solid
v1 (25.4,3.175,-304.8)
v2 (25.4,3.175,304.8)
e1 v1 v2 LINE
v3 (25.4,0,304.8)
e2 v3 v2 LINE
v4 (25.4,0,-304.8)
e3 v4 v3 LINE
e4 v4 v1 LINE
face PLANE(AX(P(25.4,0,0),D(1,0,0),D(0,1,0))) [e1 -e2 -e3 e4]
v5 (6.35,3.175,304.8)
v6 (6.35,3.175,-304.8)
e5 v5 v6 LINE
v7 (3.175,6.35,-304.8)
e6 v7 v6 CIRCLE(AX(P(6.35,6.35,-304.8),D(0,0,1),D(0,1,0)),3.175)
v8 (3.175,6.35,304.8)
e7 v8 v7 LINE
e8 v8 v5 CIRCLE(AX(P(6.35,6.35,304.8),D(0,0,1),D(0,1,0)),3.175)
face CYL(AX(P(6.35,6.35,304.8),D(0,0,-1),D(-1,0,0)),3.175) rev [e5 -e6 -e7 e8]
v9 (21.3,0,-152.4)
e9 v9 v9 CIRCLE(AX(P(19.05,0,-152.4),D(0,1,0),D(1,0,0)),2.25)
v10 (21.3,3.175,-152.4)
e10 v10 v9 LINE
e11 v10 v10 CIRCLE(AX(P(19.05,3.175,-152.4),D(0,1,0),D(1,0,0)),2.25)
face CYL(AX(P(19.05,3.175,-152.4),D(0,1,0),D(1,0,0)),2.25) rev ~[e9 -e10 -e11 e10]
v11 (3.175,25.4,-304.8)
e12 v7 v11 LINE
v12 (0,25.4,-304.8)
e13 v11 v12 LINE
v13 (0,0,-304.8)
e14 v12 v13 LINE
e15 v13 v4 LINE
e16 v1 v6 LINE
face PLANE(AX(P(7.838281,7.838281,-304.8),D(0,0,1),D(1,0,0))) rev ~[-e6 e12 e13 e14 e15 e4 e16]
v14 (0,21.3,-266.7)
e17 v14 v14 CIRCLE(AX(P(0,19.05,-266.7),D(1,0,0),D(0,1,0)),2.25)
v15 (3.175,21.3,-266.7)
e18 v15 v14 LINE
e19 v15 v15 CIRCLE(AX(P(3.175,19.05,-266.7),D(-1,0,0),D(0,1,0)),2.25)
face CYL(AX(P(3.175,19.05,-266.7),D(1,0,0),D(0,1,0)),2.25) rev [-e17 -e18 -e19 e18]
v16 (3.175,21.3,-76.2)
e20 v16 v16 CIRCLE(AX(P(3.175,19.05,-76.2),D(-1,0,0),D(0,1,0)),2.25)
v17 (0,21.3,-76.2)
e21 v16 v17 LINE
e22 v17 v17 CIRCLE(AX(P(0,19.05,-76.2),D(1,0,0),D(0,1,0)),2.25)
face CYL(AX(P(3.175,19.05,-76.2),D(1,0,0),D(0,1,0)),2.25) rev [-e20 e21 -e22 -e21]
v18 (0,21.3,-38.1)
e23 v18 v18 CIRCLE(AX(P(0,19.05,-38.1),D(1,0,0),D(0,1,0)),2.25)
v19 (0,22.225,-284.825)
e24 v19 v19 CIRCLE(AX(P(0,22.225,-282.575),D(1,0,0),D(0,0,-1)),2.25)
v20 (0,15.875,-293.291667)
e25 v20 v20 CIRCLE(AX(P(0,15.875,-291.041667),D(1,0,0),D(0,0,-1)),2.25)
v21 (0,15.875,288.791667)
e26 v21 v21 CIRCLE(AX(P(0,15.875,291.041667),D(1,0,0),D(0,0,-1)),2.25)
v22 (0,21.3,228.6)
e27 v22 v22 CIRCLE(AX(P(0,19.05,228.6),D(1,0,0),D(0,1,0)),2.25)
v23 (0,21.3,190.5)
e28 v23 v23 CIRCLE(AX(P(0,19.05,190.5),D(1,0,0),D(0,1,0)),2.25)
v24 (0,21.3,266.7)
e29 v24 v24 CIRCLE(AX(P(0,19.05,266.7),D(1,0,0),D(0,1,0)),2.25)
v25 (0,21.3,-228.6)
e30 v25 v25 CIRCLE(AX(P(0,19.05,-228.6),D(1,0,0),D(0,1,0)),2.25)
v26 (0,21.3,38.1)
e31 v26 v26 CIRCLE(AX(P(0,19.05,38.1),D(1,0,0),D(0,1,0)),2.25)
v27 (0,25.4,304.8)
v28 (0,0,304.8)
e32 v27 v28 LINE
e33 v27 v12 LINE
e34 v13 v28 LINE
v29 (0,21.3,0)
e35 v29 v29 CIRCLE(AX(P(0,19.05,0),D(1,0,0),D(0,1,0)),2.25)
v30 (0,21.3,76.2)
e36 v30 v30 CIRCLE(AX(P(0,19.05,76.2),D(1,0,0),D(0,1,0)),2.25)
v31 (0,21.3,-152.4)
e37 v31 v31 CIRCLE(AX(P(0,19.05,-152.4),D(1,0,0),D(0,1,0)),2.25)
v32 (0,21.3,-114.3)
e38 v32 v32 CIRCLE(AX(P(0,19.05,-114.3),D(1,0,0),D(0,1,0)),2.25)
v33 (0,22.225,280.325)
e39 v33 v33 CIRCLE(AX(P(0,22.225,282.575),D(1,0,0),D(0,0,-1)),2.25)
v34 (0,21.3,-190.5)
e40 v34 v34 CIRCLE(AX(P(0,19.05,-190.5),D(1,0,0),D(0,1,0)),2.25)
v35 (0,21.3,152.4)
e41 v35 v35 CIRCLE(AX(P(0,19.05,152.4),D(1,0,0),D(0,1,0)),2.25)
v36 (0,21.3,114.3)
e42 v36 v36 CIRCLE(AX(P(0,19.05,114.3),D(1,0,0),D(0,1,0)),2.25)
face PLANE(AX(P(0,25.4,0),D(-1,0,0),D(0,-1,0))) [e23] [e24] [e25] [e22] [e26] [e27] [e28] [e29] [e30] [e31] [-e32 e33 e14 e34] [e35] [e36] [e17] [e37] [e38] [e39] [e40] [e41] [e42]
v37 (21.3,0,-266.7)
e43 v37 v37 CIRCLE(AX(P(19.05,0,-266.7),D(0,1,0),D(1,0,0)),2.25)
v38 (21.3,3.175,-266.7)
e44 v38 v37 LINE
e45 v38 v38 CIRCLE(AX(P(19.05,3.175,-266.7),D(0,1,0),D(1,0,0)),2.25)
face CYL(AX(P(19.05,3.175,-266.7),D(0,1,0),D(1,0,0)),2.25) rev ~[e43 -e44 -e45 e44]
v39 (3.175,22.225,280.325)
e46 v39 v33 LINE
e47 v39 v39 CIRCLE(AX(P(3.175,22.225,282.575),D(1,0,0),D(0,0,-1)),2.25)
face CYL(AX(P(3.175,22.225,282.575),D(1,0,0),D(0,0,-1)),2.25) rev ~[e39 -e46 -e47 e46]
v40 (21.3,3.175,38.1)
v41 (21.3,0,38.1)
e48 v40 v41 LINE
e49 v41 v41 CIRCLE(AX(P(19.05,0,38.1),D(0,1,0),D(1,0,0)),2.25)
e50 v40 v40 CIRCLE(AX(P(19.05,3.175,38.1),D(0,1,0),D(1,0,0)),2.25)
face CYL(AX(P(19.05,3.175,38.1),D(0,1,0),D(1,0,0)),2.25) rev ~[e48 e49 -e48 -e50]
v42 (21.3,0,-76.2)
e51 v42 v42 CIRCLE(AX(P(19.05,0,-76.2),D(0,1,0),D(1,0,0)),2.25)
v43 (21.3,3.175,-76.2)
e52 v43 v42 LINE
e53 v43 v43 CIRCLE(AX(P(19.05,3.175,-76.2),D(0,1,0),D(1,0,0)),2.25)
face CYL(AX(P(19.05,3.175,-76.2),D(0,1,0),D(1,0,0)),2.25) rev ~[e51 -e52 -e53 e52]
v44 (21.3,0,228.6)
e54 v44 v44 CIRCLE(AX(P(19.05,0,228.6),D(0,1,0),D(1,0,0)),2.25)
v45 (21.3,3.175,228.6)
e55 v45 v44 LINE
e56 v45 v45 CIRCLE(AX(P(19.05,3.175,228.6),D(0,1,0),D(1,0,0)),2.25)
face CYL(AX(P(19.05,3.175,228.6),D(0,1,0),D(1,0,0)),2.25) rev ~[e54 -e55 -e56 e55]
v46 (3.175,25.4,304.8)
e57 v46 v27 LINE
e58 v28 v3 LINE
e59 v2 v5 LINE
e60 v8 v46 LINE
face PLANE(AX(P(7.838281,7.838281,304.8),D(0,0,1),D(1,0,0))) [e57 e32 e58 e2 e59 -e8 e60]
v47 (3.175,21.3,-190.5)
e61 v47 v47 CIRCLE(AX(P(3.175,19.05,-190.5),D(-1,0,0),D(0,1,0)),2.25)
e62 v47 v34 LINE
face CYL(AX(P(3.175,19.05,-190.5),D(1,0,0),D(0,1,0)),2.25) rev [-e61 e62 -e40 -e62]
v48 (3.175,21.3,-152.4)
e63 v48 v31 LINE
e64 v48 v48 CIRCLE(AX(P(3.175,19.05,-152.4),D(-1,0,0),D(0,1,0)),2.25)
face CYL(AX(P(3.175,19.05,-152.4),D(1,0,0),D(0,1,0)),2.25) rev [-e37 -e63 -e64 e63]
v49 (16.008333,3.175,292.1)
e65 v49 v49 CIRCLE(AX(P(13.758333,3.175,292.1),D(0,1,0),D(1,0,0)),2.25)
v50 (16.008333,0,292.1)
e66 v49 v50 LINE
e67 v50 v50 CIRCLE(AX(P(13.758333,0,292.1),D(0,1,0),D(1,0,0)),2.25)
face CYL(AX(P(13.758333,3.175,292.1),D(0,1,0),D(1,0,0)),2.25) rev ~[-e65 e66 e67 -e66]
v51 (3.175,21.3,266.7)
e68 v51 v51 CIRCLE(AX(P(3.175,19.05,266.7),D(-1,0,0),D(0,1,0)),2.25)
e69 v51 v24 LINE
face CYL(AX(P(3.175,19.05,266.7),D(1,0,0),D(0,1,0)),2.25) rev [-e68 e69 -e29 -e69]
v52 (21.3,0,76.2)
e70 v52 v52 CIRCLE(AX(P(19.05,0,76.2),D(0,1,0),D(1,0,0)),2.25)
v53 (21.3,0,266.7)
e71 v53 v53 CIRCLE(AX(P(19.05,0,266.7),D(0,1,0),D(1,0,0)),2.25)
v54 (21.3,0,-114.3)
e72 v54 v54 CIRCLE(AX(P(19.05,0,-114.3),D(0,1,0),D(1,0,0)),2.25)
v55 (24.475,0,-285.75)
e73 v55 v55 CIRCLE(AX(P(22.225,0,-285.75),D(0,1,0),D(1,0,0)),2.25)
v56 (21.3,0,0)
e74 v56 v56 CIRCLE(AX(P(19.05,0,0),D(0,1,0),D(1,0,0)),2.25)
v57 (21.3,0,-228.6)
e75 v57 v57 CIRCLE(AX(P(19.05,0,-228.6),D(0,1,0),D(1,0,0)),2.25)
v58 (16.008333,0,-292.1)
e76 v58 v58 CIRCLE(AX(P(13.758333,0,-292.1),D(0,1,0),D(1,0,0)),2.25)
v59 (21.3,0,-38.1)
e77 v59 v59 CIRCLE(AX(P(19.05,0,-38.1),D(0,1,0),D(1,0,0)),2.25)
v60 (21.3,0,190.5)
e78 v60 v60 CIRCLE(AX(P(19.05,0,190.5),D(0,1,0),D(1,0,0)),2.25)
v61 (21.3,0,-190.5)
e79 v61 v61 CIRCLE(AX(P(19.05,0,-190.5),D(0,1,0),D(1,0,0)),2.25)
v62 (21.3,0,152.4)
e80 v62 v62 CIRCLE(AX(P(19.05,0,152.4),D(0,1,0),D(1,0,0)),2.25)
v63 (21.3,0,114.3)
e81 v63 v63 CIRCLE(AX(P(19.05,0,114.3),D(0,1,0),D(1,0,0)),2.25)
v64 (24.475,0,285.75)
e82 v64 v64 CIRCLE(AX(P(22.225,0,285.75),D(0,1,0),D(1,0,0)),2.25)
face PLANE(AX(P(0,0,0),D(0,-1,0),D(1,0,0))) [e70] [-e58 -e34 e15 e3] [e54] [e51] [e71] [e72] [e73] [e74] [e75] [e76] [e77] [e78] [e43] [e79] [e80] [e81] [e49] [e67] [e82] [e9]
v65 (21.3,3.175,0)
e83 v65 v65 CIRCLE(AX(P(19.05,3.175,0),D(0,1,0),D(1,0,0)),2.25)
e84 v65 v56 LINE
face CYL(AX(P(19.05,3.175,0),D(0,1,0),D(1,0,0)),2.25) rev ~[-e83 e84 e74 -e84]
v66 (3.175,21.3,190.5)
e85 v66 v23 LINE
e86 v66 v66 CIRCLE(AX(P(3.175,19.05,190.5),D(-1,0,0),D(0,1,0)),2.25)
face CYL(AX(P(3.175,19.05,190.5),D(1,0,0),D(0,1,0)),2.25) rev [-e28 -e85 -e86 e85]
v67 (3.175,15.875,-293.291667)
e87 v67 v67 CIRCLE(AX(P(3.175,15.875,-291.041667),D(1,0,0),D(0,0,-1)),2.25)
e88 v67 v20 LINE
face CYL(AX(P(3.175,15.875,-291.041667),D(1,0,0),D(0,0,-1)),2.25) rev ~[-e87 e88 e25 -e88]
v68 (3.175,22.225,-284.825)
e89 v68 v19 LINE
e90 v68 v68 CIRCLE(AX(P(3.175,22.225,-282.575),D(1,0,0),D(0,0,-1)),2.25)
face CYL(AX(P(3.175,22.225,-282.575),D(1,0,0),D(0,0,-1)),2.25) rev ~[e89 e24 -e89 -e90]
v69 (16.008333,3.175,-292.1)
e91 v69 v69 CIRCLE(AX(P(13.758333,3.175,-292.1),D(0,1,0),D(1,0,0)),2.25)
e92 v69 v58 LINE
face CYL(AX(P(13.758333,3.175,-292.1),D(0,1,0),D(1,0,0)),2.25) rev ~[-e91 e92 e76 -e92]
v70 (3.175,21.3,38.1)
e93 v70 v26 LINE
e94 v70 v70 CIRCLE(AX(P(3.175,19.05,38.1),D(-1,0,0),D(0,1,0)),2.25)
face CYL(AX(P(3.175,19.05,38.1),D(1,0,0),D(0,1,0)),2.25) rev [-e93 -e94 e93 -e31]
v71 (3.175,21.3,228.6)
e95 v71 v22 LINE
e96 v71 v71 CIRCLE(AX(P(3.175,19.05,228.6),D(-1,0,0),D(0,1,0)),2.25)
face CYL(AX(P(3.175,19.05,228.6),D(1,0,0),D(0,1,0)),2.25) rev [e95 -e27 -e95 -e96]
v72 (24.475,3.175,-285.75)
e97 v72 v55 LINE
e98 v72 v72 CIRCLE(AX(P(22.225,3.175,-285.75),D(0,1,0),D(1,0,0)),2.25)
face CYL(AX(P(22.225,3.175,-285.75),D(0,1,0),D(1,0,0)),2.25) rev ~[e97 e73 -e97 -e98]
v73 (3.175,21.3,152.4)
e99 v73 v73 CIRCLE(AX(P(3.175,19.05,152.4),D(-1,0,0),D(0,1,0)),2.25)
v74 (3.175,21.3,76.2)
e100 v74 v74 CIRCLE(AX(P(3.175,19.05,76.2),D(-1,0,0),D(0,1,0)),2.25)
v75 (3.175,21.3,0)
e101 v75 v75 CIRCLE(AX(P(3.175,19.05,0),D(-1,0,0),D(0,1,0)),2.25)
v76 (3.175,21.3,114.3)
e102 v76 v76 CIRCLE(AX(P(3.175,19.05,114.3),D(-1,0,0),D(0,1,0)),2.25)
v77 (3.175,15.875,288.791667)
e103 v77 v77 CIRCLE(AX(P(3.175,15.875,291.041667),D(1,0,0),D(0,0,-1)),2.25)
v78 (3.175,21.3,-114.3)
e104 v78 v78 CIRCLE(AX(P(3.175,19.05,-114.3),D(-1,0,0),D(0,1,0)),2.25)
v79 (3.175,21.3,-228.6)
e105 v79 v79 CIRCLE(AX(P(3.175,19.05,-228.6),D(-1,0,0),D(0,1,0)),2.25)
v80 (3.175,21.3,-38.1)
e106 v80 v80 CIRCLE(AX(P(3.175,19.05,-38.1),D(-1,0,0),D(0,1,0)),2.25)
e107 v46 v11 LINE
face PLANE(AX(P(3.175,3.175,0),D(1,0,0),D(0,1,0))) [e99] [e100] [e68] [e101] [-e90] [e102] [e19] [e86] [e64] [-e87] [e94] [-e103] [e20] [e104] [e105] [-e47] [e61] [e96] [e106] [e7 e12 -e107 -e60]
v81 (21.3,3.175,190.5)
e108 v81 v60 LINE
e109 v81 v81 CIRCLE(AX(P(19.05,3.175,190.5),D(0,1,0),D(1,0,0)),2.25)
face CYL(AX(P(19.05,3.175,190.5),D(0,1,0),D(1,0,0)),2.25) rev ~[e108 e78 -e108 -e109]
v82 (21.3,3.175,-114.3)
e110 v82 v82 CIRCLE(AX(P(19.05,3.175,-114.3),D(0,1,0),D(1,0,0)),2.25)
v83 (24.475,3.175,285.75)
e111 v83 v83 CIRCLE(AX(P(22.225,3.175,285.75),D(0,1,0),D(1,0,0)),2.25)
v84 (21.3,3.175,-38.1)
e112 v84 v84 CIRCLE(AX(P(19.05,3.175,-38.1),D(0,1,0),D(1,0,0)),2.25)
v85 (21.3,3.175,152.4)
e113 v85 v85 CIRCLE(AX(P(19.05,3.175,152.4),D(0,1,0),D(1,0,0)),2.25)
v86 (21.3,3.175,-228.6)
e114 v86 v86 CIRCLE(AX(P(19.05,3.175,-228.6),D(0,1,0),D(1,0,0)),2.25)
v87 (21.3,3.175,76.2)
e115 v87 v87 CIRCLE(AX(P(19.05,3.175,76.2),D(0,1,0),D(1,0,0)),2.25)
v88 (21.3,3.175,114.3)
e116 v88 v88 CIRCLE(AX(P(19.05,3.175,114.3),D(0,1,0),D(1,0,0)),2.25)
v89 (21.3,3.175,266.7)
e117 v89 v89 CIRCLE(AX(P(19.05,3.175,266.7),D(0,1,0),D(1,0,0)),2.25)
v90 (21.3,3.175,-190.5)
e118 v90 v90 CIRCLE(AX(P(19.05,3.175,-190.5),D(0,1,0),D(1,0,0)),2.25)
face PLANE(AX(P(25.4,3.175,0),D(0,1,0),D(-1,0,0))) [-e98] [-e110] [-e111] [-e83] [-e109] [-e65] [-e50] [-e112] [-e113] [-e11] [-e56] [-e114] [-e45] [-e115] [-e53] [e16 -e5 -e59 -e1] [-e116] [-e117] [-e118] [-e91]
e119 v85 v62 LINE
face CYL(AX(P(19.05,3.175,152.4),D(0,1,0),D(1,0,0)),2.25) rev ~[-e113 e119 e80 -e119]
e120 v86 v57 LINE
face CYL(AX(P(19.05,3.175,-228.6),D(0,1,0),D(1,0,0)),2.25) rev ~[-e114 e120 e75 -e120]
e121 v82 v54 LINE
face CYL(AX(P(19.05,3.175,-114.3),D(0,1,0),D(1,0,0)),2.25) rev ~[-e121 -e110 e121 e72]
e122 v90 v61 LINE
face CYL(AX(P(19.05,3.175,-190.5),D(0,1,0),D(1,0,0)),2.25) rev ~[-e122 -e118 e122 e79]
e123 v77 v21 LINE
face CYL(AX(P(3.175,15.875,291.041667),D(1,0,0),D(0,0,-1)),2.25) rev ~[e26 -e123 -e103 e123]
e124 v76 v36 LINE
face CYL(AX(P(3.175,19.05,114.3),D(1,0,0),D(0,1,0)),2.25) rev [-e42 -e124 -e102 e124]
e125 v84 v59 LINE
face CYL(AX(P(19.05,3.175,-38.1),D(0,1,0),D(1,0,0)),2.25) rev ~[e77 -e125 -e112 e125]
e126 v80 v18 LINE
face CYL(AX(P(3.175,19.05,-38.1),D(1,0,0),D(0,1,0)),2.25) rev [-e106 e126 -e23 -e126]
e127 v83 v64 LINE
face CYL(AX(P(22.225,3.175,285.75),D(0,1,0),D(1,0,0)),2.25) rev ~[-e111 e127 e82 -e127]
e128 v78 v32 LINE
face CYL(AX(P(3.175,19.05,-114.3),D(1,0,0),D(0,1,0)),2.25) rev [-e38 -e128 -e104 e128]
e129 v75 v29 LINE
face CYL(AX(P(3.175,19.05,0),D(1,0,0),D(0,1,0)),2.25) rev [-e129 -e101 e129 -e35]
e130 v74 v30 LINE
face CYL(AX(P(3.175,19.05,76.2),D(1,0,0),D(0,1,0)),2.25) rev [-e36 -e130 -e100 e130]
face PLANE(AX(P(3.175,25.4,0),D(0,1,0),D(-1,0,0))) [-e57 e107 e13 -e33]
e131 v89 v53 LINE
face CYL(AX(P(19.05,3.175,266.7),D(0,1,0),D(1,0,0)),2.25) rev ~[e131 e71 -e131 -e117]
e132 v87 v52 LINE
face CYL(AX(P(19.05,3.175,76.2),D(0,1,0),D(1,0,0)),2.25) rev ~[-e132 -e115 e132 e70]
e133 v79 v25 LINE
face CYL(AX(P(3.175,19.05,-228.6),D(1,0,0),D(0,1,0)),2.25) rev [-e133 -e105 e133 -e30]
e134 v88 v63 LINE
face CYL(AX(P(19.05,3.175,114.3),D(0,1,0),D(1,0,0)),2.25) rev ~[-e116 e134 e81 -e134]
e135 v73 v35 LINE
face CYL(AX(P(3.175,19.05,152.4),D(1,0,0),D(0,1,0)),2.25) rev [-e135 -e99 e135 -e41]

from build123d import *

# Parameters (mm, degrees)
BOSS_EXTRUDE1_DEPTH = 304.8
FILLET1_R           = 3.175
SKETCH2_R           = 2.25
CUT_EXTRUDE1_DEPTH  = 307.662926721
SKETCH2_3_R         = 2.25
CUT_EXTRUDE2_DEPTH  = 307.662926721
SKETCH3_R           = 2.25
CUT_EXTRUDE3_DEPTH  = 307.662926721


with BuildPart() as part:
    # Sketch1 → Boss-Extrude1 (new, symmetric)
    with BuildSketch(Plane.XY):
        Polygon((0, 25.4), (0, 0), (25.4, 0), (25.4, 3.175), (3.175, 3.175), (3.175, 25.4), align=None)
    extrude(amount=BOSS_EXTRUDE1_DEPTH, both=True)

    # Fillet1
    fillet1_edges = [part.edges().sort_by_distance(p)[0] for p in [
        (3.175, 3.175, 0),
    ]]
    fillet(fillet1_edges, radius=FILLET1_R)

    # Sketch2 → Cut-Extrude1 (cut, through all)
    with BuildSketch(Plane(origin=(0, 3.175, 0), x_dir=(1, 0, 0), z_dir=(0, 1, 0))):
        with Locations((22.225, 285.75)):
            Circle(SKETCH2_R)
        with Locations((13.758333333, 292.1)):
            Circle(SKETCH2_R)
        with Locations((22.225, -285.75)):
            Circle(SKETCH2_R)
        with Locations((13.758333333, -292.1)):
            Circle(SKETCH2_R)
    extrude(amount=-CUT_EXTRUDE1_DEPTH, mode=Mode.SUBTRACT)

    # Sketch2<3> → Cut-Extrude2 (cut, through all)
    with BuildSketch(Plane(origin=(0, 3.175, 0), x_dir=(1, 0, 0), z_dir=(0, 1, 0))):
        with Locations((19.05, 0)):
            Circle(SKETCH2_3_R)
        with Locations((19.05, -266.7)):
            Circle(SKETCH2_3_R)
        with Locations((19.05, -228.6)):
            Circle(SKETCH2_3_R)
        with Locations((19.05, -190.5)):
            Circle(SKETCH2_3_R)
        with Locations((19.05, -152.4)):
            Circle(SKETCH2_3_R)
        with Locations((19.05, -114.3)):
            Circle(SKETCH2_3_R)
        with Locations((19.05, -76.2)):
            Circle(SKETCH2_3_R)
        with Locations((19.05, -38.1)):
            Circle(SKETCH2_3_R)
        with Locations((19.05, 38.1)):
            Circle(SKETCH2_3_R)
        with Locations((19.05, 76.2)):
            Circle(SKETCH2_3_R)
        with Locations((19.05, 114.3)):
            Circle(SKETCH2_3_R)
        with Locations((19.05, 152.4)):
            Circle(SKETCH2_3_R)
        with Locations((19.05, 190.5)):
            Circle(SKETCH2_3_R)
        with Locations((19.05, 228.6)):
            Circle(SKETCH2_3_R)
        with Locations((19.05, 266.7)):
            Circle(SKETCH2_3_R)
    cut_extrude2 = extrude(amount=-CUT_EXTRUDE2_DEPTH, mode=Mode.SUBTRACT)

    # Mirror1: Cut-Extrude2 across plane
    add(cut_extrude2.mirror(Plane(origin=(0, 0, 0), x_dir=(0, 0, 1), z_dir=(-0.7071067811865488, 0.7071067811865464, 0))), mode=Mode.SUBTRACT)

    # Sketch3 → Cut-Extrude3 (cut, through all)
    with BuildSketch(Plane(origin=(3.175, 0, 0), x_dir=(0, 0, -1), z_dir=(1, 0, 0))):
        with Locations((-282.575, 22.225)):
            Circle(SKETCH3_R)
        with Locations((-291.041666667, 15.875)):
            Circle(SKETCH3_R)
        with Locations((291.041666667, 15.875)):
            Circle(SKETCH3_R)
        with Locations((282.575, 22.225)):
            Circle(SKETCH3_R)
    extrude(amount=-CUT_EXTRUDE3_DEPTH, mode=Mode.SUBTRACT)


solid = part.part
